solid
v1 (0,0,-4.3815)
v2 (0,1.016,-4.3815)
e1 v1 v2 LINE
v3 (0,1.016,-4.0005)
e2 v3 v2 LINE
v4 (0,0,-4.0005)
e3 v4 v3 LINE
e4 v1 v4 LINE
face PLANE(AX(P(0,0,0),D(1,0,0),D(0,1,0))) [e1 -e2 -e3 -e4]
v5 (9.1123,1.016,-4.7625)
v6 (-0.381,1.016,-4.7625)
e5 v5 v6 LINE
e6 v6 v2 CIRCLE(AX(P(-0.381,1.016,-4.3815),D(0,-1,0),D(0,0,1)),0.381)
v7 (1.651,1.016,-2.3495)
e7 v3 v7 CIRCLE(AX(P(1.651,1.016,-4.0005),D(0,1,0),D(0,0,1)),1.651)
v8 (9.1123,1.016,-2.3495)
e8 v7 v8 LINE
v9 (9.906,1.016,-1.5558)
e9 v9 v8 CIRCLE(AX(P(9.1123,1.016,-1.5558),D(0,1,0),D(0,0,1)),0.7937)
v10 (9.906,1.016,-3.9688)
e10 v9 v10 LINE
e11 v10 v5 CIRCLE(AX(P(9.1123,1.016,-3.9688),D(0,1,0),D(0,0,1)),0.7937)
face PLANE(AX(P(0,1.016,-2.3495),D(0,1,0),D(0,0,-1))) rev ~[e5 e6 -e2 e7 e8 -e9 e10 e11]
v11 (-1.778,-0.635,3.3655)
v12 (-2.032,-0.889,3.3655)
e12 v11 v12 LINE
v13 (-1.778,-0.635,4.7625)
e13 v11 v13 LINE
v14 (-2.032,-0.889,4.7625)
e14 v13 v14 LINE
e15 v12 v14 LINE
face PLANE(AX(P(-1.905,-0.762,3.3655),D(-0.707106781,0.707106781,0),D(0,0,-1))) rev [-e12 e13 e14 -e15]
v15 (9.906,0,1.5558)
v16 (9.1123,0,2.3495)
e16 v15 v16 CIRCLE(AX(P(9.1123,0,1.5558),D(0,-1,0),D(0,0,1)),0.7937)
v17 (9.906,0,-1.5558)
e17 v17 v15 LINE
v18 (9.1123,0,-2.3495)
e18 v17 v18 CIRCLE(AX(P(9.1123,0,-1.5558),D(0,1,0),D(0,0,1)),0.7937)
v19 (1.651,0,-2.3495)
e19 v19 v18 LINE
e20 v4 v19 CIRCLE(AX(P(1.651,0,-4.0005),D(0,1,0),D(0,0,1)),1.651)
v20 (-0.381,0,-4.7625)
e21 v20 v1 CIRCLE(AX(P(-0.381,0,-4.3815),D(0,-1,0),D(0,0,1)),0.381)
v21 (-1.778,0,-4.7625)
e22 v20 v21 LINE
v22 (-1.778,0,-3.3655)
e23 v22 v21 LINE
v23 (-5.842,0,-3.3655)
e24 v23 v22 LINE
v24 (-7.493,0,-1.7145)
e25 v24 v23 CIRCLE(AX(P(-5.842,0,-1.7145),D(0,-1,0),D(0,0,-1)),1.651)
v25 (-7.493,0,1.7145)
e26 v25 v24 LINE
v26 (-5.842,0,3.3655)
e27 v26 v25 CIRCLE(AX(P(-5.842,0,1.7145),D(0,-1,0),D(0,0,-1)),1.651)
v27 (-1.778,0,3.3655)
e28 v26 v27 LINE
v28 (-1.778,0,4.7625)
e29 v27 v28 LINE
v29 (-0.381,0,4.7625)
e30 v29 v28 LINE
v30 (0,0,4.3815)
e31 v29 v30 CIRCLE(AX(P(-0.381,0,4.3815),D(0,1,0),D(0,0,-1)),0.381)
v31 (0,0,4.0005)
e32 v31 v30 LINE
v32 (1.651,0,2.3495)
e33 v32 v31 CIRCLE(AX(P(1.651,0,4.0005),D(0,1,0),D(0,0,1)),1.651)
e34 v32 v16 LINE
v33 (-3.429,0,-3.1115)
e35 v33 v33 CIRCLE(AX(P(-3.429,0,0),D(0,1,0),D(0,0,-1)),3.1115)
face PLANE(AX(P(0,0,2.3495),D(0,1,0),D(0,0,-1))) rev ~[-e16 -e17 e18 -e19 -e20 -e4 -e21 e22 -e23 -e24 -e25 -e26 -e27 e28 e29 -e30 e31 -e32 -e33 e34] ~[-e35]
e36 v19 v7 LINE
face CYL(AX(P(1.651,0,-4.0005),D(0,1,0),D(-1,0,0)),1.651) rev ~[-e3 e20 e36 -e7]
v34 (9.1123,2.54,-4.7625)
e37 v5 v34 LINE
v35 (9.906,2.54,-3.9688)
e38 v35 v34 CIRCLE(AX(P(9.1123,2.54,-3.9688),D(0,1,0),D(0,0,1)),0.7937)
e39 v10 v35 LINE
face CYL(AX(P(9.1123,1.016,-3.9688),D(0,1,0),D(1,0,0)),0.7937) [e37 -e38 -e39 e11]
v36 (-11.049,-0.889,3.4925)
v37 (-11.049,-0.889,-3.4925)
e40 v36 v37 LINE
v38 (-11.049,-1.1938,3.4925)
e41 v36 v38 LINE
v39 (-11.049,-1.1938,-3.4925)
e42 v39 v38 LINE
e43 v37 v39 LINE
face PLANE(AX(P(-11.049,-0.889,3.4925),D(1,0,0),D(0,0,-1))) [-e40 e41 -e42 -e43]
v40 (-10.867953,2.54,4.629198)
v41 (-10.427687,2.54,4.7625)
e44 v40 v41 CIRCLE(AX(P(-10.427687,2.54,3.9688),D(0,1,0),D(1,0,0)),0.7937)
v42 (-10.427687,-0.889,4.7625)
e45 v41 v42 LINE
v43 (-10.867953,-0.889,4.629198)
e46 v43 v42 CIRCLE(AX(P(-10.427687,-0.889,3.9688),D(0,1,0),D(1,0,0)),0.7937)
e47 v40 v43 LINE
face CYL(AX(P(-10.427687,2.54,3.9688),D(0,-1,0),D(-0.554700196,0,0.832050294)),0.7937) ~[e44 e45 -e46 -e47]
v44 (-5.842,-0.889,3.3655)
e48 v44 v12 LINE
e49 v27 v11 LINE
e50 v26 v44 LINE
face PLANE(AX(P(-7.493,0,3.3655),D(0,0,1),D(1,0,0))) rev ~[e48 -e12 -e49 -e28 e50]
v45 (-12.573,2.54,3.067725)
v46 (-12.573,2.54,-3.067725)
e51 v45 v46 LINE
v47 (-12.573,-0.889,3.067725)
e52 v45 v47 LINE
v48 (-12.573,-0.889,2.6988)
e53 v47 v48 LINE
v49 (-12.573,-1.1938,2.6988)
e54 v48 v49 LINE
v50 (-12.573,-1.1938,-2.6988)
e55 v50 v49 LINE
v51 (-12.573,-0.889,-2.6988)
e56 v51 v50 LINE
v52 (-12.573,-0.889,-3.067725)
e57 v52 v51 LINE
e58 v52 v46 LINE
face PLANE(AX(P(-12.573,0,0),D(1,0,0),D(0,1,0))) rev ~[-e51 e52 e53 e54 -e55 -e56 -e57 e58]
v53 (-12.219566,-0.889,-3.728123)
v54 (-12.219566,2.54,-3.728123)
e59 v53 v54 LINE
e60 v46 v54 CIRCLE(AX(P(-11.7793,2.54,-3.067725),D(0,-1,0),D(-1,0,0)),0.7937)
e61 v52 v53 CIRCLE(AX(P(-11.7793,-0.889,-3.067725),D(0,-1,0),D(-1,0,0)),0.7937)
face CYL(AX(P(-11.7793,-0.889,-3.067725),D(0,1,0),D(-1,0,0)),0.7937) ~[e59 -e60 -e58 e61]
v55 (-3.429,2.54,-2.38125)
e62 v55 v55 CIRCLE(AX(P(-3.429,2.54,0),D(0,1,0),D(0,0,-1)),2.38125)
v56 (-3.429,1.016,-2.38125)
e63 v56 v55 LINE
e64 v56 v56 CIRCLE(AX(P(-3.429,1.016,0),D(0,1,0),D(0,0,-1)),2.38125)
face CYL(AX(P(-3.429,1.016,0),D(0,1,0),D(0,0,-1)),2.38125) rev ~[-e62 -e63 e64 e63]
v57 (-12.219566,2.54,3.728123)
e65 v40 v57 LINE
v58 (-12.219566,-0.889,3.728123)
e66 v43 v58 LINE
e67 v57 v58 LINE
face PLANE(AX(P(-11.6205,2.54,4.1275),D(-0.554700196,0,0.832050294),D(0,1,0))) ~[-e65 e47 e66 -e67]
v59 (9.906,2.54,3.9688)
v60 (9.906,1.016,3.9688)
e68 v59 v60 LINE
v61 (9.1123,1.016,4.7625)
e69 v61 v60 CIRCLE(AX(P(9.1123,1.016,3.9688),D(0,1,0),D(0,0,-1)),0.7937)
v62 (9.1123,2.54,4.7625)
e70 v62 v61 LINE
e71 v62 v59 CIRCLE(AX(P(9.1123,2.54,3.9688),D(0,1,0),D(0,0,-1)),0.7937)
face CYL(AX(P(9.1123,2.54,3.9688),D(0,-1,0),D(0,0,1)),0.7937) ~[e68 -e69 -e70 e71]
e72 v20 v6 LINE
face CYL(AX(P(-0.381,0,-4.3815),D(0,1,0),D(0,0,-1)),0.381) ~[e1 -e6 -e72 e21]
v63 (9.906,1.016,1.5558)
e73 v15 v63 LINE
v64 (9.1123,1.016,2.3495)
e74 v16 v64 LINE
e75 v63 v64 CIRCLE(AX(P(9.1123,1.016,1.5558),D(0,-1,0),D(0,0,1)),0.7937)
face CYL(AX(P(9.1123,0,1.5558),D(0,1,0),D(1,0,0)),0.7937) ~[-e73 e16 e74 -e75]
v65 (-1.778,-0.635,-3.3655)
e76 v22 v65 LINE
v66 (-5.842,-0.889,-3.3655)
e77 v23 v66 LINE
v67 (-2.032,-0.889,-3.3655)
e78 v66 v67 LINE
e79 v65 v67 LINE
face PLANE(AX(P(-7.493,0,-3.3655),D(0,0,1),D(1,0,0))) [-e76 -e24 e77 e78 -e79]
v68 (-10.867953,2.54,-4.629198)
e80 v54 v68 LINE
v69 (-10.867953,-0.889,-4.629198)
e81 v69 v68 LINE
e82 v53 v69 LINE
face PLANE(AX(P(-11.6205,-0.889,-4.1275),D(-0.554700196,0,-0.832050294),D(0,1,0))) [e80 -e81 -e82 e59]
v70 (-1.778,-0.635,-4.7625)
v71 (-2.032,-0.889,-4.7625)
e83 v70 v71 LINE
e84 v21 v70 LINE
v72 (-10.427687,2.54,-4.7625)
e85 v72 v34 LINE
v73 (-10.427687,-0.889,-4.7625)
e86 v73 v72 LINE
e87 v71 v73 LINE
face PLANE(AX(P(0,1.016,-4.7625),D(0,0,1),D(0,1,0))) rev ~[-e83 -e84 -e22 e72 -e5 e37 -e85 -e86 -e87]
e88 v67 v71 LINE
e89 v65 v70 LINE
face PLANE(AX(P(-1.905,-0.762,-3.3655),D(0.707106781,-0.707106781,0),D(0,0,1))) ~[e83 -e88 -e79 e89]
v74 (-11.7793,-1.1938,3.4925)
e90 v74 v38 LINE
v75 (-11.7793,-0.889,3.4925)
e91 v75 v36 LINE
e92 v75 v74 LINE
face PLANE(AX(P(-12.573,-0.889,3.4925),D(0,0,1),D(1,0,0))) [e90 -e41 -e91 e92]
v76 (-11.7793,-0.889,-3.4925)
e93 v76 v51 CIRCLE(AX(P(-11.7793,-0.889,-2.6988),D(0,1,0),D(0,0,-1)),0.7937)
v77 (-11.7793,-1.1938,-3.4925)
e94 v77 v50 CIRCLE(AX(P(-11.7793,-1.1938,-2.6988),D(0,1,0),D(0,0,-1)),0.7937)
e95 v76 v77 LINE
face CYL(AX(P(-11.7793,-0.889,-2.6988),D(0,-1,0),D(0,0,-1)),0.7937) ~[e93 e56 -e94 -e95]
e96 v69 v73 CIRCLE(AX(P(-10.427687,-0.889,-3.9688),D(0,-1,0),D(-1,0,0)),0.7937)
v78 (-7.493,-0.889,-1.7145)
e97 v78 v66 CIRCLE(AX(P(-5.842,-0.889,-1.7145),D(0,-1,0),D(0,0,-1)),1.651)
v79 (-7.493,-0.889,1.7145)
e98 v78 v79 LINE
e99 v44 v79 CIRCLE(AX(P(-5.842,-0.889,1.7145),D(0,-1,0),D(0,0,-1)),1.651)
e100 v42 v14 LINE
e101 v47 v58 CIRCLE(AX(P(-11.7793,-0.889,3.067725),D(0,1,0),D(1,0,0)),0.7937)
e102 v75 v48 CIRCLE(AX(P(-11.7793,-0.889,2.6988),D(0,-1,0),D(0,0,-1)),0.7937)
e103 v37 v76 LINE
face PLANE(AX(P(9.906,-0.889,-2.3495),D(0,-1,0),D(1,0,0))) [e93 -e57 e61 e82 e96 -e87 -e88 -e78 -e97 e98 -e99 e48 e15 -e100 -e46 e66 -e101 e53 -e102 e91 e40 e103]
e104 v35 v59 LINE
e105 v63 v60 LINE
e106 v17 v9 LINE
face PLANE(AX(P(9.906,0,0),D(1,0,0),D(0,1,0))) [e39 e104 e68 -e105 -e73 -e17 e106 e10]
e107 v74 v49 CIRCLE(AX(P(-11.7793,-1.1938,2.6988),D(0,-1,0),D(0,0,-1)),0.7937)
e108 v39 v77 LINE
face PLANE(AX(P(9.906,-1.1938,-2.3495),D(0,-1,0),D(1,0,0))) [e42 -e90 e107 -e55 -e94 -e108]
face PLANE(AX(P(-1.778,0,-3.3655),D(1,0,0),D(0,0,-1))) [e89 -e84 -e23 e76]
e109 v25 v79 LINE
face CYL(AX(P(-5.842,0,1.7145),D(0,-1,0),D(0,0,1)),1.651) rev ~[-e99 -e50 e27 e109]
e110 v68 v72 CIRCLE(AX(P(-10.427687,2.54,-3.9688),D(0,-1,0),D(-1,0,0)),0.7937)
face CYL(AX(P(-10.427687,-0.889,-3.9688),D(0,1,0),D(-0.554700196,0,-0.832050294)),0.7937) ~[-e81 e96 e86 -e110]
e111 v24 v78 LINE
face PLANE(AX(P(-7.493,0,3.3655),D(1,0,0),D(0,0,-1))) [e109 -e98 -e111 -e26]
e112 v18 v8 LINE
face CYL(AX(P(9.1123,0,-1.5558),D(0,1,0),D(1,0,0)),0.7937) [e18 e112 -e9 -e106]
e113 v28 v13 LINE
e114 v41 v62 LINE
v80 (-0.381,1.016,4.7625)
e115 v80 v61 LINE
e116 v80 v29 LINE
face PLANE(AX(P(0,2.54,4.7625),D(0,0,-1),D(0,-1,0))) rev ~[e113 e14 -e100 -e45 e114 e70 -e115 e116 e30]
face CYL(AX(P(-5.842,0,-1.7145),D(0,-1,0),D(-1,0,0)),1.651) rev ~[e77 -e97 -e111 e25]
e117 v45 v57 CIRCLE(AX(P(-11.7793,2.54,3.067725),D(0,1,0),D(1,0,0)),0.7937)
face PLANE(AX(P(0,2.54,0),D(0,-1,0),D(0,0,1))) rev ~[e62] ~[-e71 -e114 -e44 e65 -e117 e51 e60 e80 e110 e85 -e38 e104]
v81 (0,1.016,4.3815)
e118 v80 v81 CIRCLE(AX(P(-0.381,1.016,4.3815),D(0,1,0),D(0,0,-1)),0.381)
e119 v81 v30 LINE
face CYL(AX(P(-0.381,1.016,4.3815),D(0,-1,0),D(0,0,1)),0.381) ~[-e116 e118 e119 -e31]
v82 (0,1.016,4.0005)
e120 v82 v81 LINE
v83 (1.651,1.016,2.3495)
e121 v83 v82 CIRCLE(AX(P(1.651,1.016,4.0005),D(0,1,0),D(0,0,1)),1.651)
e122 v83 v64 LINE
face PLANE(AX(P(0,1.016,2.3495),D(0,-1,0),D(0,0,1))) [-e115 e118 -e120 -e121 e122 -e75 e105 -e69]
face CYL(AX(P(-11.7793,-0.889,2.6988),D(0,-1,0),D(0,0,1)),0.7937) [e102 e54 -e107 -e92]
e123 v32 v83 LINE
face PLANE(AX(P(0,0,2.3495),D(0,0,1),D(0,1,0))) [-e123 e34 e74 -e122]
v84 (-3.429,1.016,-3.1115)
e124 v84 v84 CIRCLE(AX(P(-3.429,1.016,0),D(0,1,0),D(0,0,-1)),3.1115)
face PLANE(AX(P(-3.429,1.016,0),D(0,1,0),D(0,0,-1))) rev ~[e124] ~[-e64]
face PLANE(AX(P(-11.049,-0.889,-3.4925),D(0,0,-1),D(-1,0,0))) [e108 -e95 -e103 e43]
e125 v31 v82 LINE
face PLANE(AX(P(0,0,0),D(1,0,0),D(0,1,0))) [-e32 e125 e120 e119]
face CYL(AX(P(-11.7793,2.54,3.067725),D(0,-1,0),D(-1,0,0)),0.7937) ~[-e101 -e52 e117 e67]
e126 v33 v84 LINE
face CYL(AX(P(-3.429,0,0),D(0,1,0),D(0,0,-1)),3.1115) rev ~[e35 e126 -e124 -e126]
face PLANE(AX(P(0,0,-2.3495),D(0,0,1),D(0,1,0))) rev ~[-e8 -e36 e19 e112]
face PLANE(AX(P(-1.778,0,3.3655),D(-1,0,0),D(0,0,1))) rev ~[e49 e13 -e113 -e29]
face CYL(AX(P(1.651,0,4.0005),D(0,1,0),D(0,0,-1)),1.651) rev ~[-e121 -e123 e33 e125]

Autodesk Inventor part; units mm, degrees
ref_plane "YZ Plane" through (0, 0, 0) normal (1, 0, 0) x (0, 1, 0)
ref_plane "XZ Plane" through (0, 0, 0) normal (0, 1, 0) x (-1, 0, 0)
ref_plane "XY Plane" through (0, 0, 0) normal (0, 0, 1) x (1, 0, 0)
sketch "Sketch1" plane through (0, 0, 0) normal (1, 0, 0) x (0, 1, 0)
  line L0 (-0.7106, 0) -> (4.2636, 0) projected
  line L1 (0, 6.6675) -> (0, -6.6675) projected
  line L2 (2.54, -4.7625) -> (2.54, 4.7625)
  line L3 (2.54, 4.7625) -> (0, 4.7625)
  line L4 (0, 4.7625) -> (0, -4.7625)
  line L5 (0, -4.7625) -> (2.54, -4.7625)
  line L6 (2.54, -4.7625) -> (0, 4.7625) construction
  line L7 (2.54, 4.7625) -> (0, -4.7625) construction
  line L8 (0, 2.3495) -> (1.016, 2.3495)
  line L9 (1.016, 2.3495) -> (1.016, 4.7625)
  line L10 (0, -2.3495) -> (1.016, -2.3495)
  line L11 (1.016, -2.3495) -> (1.016, -4.7625)
  line L12 (1.27, 0) -> (3.553, 0) construction
  point P0 (0, 0)
  dimension "d0" = 9.525
  dimension "d1" = 2.54
  dimension "d2" = 0
  dimension "d3" = 1.016
  dimension "d4" = 4.699
  dimension "d5" = 2.413
  dimension "d6" = 2.413
extrude "Extrusion1" add sketch "Sketch1" along normal blind 9.906 contours L1 L8 L9 L3 L2 L0 | L0 L2 L5 L11 L10 L1
extrude "Extrusion2" add sketch "Sketch1" against normal blind 12.573
sketch "Sketch2" plane through (0, 0, 0) normal (0, 1, 0) x (-1, 0, 0)
  line L0 (-1.3208, 0) -> (7.9248, 0) projected
  line L1 (0, -4.445) -> (0, 4.445) projected
  point P0 (0, 0)
  point P1 (3.429, 0)
  dimension "d11" = 3.429
hole "Hole1" at (-3.429, 0, 0) direction (0, 1, 0) diameter 4.7625 end through all counterbore diameter 6.223 counterbore depth 1.016
sketch "Sketch3" plane through (9.906, 0, -2.3495) normal (0, -1, 0) x (1, 0, 0)
  line L0 (-22.479, 5.715) -> (-17.399, 5.715)
  line L1 (-17.399, 5.715) -> (-17.399, -1.016)
  line L2 (-17.399, -1.016) -> (-22.479, -1.016)
  line L3 (-22.479, -1.016) -> (-22.479, 5.715)
  line L4 (-34.3558, 2.3495) -> (5.726, 2.3495) projected
  line L5 (-9.906, 9.0932) -> (-9.906, -4.3307) projected
  line L6 (-9.906, 2.3495) -> (-28.6298, 2.3495) construction
  line L7 (-22.479, 7.112) -> (0, 7.112) projected
  line L8 (-22.479, 5.715) -> (-11.684, 5.715)
  line L9 (-11.684, 5.715) -> (-11.684, 7.112)
  line L10 (-11.684, 7.112) -> (-22.479, 7.112)
  line L11 (-22.479, 7.112) -> (-22.479, 5.715)
  line L12 (0, -2.413) -> (-22.479, -2.413) projected
  line L13 (-22.479, -1.016) -> (-11.684, -1.016)
  line L14 (-11.684, -1.016) -> (-11.684, -2.413)
  line L15 (-11.684, -2.413) -> (-22.479, -2.413)
  line L16 (-22.479, -2.413) -> (-22.479, -1.016)
  dimension "d22" = 5.08
  dimension "d30" = 6.731
  dimension "d45" = 10.795
  dimension "d46" = 10.795
extrude "Extrusion3" add sketch "Sketch3" along normal blind 0.889 contours L11 L7 L9 L8 L0 | L0 L1 L4 L3 | L4 L1 L2 L3 | L2 L13 L14 L12 L16
chamfer "Chamfer2" distance 0.254 angle 45 2 edges at (-1.778, -0.889, 4.064) (-1.778, -0.889, -4.064)
fillet "Fillet1" radius 0.7937 4 edges at (9.906, 0.508, 2.3495) (9.906, 0.508, -2.3495) (9.906, 1.778, 4.7625) (9.906, 1.778, -4.7625)
fillet "Fillet2" radius 0.381 2 edges at (0, 0.508, -4.7625) (0, 0.508, 4.7625)
sketch "Sketch4" plane through (0, 0, 0) normal (0, 1, 0) x (-1, 0, 0)
  circle A0 centre (3.429, 0) radius 2.3813 projected
  circle A1 centre (3.429, 0) radius 3.175
  point P0 (0, 0)
  dimension "d34" = 6.35
sketch "Sketch5" plane through (9.906, -0.889, -2.3495) normal (0, -1, 0) x (1, 0, 0)
  line L0 (-26.9748, 2.3495) -> (4.4958, 2.3495) projected
  line L1 (-9.906, 9.017) -> (-9.906, -4.318) projected
  line L2 (-22.479, 7.112) -> (-22.479, -2.413) projected
  line L3 (-20.955, -1.143) -> (-22.479, -1.143)
  line L4 (-22.479, -1.143) -> (-22.479, 5.842)
  line L5 (-22.479, 5.842) -> (-20.955, 5.842)
  line L6 (-20.955, 5.842) -> (-20.955, -1.143)
  line L7 (-20.955, -1.143) -> (-22.479, 5.842) construction
  line L8 (-22.479, -1.143) -> (-20.955, 5.842) construction
  point P0 (-9.906, 2.3495)
  point P1 (-21.717, 2.3495)
  dimension "d47" = 6.985
  dimension "d48" = 1.524
extrude "Extrusion4" add sketch "Sketch5" along normal blind 0.3048
chamfer "Chamfer4" distance 1.27 distance2 1.905 1 edges at (-12.573, 0.8255, -4.7625) measured on face at (-12.573, 1.397, -1.1642)
chamfer "Chamfer5" distance 1.905 distance2 1.27 1 edges at (-12.573, 0.8255, 4.7625) measured on face at (-9.0593, 0.254, 4.7625)
fillet "Fillet4" radius 0.7937 2 edges at (-12.573, -1.0414, -3.4925) (-12.573, -1.0414, 3.4925)
fillet "Fillet5" radius 0.7937 4 edges at (-12.573, 0.8255, 3.4925) (-10.668, 0.8255, 4.7625) (-12.573, 0.8255, -3.4925) (-10.668, 0.8255, -4.7625)
fillet "Fillet6" radius 1.651 4 edges at (0, 0.508, -2.3495) (0, 0.508, 2.3495) (-7.493, -0.4445, 3.3655) (-7.493, -0.4445, -3.3655)
sketch "Sketch6" plane through (0, 0, 0) normal (0, 0, 1) x (1, 0, 0)
  line L0 (-11.049, -1.1938) -> (-11.7793, -1.1938) projected
  line L1 (-11.049, -0.889) -> (-11.049, -1.1938) projected
  line L2 (-2.032, -0.889) -> (-10.4277, -0.889) projected
  line L3 (-11.049, -1.1938) -> (-2.032, -0.889)
  point P0 (0, 0)
  dimension "d51" = 1.936
properties part number "J005044" material "STAINLESS STEEL, 303"
